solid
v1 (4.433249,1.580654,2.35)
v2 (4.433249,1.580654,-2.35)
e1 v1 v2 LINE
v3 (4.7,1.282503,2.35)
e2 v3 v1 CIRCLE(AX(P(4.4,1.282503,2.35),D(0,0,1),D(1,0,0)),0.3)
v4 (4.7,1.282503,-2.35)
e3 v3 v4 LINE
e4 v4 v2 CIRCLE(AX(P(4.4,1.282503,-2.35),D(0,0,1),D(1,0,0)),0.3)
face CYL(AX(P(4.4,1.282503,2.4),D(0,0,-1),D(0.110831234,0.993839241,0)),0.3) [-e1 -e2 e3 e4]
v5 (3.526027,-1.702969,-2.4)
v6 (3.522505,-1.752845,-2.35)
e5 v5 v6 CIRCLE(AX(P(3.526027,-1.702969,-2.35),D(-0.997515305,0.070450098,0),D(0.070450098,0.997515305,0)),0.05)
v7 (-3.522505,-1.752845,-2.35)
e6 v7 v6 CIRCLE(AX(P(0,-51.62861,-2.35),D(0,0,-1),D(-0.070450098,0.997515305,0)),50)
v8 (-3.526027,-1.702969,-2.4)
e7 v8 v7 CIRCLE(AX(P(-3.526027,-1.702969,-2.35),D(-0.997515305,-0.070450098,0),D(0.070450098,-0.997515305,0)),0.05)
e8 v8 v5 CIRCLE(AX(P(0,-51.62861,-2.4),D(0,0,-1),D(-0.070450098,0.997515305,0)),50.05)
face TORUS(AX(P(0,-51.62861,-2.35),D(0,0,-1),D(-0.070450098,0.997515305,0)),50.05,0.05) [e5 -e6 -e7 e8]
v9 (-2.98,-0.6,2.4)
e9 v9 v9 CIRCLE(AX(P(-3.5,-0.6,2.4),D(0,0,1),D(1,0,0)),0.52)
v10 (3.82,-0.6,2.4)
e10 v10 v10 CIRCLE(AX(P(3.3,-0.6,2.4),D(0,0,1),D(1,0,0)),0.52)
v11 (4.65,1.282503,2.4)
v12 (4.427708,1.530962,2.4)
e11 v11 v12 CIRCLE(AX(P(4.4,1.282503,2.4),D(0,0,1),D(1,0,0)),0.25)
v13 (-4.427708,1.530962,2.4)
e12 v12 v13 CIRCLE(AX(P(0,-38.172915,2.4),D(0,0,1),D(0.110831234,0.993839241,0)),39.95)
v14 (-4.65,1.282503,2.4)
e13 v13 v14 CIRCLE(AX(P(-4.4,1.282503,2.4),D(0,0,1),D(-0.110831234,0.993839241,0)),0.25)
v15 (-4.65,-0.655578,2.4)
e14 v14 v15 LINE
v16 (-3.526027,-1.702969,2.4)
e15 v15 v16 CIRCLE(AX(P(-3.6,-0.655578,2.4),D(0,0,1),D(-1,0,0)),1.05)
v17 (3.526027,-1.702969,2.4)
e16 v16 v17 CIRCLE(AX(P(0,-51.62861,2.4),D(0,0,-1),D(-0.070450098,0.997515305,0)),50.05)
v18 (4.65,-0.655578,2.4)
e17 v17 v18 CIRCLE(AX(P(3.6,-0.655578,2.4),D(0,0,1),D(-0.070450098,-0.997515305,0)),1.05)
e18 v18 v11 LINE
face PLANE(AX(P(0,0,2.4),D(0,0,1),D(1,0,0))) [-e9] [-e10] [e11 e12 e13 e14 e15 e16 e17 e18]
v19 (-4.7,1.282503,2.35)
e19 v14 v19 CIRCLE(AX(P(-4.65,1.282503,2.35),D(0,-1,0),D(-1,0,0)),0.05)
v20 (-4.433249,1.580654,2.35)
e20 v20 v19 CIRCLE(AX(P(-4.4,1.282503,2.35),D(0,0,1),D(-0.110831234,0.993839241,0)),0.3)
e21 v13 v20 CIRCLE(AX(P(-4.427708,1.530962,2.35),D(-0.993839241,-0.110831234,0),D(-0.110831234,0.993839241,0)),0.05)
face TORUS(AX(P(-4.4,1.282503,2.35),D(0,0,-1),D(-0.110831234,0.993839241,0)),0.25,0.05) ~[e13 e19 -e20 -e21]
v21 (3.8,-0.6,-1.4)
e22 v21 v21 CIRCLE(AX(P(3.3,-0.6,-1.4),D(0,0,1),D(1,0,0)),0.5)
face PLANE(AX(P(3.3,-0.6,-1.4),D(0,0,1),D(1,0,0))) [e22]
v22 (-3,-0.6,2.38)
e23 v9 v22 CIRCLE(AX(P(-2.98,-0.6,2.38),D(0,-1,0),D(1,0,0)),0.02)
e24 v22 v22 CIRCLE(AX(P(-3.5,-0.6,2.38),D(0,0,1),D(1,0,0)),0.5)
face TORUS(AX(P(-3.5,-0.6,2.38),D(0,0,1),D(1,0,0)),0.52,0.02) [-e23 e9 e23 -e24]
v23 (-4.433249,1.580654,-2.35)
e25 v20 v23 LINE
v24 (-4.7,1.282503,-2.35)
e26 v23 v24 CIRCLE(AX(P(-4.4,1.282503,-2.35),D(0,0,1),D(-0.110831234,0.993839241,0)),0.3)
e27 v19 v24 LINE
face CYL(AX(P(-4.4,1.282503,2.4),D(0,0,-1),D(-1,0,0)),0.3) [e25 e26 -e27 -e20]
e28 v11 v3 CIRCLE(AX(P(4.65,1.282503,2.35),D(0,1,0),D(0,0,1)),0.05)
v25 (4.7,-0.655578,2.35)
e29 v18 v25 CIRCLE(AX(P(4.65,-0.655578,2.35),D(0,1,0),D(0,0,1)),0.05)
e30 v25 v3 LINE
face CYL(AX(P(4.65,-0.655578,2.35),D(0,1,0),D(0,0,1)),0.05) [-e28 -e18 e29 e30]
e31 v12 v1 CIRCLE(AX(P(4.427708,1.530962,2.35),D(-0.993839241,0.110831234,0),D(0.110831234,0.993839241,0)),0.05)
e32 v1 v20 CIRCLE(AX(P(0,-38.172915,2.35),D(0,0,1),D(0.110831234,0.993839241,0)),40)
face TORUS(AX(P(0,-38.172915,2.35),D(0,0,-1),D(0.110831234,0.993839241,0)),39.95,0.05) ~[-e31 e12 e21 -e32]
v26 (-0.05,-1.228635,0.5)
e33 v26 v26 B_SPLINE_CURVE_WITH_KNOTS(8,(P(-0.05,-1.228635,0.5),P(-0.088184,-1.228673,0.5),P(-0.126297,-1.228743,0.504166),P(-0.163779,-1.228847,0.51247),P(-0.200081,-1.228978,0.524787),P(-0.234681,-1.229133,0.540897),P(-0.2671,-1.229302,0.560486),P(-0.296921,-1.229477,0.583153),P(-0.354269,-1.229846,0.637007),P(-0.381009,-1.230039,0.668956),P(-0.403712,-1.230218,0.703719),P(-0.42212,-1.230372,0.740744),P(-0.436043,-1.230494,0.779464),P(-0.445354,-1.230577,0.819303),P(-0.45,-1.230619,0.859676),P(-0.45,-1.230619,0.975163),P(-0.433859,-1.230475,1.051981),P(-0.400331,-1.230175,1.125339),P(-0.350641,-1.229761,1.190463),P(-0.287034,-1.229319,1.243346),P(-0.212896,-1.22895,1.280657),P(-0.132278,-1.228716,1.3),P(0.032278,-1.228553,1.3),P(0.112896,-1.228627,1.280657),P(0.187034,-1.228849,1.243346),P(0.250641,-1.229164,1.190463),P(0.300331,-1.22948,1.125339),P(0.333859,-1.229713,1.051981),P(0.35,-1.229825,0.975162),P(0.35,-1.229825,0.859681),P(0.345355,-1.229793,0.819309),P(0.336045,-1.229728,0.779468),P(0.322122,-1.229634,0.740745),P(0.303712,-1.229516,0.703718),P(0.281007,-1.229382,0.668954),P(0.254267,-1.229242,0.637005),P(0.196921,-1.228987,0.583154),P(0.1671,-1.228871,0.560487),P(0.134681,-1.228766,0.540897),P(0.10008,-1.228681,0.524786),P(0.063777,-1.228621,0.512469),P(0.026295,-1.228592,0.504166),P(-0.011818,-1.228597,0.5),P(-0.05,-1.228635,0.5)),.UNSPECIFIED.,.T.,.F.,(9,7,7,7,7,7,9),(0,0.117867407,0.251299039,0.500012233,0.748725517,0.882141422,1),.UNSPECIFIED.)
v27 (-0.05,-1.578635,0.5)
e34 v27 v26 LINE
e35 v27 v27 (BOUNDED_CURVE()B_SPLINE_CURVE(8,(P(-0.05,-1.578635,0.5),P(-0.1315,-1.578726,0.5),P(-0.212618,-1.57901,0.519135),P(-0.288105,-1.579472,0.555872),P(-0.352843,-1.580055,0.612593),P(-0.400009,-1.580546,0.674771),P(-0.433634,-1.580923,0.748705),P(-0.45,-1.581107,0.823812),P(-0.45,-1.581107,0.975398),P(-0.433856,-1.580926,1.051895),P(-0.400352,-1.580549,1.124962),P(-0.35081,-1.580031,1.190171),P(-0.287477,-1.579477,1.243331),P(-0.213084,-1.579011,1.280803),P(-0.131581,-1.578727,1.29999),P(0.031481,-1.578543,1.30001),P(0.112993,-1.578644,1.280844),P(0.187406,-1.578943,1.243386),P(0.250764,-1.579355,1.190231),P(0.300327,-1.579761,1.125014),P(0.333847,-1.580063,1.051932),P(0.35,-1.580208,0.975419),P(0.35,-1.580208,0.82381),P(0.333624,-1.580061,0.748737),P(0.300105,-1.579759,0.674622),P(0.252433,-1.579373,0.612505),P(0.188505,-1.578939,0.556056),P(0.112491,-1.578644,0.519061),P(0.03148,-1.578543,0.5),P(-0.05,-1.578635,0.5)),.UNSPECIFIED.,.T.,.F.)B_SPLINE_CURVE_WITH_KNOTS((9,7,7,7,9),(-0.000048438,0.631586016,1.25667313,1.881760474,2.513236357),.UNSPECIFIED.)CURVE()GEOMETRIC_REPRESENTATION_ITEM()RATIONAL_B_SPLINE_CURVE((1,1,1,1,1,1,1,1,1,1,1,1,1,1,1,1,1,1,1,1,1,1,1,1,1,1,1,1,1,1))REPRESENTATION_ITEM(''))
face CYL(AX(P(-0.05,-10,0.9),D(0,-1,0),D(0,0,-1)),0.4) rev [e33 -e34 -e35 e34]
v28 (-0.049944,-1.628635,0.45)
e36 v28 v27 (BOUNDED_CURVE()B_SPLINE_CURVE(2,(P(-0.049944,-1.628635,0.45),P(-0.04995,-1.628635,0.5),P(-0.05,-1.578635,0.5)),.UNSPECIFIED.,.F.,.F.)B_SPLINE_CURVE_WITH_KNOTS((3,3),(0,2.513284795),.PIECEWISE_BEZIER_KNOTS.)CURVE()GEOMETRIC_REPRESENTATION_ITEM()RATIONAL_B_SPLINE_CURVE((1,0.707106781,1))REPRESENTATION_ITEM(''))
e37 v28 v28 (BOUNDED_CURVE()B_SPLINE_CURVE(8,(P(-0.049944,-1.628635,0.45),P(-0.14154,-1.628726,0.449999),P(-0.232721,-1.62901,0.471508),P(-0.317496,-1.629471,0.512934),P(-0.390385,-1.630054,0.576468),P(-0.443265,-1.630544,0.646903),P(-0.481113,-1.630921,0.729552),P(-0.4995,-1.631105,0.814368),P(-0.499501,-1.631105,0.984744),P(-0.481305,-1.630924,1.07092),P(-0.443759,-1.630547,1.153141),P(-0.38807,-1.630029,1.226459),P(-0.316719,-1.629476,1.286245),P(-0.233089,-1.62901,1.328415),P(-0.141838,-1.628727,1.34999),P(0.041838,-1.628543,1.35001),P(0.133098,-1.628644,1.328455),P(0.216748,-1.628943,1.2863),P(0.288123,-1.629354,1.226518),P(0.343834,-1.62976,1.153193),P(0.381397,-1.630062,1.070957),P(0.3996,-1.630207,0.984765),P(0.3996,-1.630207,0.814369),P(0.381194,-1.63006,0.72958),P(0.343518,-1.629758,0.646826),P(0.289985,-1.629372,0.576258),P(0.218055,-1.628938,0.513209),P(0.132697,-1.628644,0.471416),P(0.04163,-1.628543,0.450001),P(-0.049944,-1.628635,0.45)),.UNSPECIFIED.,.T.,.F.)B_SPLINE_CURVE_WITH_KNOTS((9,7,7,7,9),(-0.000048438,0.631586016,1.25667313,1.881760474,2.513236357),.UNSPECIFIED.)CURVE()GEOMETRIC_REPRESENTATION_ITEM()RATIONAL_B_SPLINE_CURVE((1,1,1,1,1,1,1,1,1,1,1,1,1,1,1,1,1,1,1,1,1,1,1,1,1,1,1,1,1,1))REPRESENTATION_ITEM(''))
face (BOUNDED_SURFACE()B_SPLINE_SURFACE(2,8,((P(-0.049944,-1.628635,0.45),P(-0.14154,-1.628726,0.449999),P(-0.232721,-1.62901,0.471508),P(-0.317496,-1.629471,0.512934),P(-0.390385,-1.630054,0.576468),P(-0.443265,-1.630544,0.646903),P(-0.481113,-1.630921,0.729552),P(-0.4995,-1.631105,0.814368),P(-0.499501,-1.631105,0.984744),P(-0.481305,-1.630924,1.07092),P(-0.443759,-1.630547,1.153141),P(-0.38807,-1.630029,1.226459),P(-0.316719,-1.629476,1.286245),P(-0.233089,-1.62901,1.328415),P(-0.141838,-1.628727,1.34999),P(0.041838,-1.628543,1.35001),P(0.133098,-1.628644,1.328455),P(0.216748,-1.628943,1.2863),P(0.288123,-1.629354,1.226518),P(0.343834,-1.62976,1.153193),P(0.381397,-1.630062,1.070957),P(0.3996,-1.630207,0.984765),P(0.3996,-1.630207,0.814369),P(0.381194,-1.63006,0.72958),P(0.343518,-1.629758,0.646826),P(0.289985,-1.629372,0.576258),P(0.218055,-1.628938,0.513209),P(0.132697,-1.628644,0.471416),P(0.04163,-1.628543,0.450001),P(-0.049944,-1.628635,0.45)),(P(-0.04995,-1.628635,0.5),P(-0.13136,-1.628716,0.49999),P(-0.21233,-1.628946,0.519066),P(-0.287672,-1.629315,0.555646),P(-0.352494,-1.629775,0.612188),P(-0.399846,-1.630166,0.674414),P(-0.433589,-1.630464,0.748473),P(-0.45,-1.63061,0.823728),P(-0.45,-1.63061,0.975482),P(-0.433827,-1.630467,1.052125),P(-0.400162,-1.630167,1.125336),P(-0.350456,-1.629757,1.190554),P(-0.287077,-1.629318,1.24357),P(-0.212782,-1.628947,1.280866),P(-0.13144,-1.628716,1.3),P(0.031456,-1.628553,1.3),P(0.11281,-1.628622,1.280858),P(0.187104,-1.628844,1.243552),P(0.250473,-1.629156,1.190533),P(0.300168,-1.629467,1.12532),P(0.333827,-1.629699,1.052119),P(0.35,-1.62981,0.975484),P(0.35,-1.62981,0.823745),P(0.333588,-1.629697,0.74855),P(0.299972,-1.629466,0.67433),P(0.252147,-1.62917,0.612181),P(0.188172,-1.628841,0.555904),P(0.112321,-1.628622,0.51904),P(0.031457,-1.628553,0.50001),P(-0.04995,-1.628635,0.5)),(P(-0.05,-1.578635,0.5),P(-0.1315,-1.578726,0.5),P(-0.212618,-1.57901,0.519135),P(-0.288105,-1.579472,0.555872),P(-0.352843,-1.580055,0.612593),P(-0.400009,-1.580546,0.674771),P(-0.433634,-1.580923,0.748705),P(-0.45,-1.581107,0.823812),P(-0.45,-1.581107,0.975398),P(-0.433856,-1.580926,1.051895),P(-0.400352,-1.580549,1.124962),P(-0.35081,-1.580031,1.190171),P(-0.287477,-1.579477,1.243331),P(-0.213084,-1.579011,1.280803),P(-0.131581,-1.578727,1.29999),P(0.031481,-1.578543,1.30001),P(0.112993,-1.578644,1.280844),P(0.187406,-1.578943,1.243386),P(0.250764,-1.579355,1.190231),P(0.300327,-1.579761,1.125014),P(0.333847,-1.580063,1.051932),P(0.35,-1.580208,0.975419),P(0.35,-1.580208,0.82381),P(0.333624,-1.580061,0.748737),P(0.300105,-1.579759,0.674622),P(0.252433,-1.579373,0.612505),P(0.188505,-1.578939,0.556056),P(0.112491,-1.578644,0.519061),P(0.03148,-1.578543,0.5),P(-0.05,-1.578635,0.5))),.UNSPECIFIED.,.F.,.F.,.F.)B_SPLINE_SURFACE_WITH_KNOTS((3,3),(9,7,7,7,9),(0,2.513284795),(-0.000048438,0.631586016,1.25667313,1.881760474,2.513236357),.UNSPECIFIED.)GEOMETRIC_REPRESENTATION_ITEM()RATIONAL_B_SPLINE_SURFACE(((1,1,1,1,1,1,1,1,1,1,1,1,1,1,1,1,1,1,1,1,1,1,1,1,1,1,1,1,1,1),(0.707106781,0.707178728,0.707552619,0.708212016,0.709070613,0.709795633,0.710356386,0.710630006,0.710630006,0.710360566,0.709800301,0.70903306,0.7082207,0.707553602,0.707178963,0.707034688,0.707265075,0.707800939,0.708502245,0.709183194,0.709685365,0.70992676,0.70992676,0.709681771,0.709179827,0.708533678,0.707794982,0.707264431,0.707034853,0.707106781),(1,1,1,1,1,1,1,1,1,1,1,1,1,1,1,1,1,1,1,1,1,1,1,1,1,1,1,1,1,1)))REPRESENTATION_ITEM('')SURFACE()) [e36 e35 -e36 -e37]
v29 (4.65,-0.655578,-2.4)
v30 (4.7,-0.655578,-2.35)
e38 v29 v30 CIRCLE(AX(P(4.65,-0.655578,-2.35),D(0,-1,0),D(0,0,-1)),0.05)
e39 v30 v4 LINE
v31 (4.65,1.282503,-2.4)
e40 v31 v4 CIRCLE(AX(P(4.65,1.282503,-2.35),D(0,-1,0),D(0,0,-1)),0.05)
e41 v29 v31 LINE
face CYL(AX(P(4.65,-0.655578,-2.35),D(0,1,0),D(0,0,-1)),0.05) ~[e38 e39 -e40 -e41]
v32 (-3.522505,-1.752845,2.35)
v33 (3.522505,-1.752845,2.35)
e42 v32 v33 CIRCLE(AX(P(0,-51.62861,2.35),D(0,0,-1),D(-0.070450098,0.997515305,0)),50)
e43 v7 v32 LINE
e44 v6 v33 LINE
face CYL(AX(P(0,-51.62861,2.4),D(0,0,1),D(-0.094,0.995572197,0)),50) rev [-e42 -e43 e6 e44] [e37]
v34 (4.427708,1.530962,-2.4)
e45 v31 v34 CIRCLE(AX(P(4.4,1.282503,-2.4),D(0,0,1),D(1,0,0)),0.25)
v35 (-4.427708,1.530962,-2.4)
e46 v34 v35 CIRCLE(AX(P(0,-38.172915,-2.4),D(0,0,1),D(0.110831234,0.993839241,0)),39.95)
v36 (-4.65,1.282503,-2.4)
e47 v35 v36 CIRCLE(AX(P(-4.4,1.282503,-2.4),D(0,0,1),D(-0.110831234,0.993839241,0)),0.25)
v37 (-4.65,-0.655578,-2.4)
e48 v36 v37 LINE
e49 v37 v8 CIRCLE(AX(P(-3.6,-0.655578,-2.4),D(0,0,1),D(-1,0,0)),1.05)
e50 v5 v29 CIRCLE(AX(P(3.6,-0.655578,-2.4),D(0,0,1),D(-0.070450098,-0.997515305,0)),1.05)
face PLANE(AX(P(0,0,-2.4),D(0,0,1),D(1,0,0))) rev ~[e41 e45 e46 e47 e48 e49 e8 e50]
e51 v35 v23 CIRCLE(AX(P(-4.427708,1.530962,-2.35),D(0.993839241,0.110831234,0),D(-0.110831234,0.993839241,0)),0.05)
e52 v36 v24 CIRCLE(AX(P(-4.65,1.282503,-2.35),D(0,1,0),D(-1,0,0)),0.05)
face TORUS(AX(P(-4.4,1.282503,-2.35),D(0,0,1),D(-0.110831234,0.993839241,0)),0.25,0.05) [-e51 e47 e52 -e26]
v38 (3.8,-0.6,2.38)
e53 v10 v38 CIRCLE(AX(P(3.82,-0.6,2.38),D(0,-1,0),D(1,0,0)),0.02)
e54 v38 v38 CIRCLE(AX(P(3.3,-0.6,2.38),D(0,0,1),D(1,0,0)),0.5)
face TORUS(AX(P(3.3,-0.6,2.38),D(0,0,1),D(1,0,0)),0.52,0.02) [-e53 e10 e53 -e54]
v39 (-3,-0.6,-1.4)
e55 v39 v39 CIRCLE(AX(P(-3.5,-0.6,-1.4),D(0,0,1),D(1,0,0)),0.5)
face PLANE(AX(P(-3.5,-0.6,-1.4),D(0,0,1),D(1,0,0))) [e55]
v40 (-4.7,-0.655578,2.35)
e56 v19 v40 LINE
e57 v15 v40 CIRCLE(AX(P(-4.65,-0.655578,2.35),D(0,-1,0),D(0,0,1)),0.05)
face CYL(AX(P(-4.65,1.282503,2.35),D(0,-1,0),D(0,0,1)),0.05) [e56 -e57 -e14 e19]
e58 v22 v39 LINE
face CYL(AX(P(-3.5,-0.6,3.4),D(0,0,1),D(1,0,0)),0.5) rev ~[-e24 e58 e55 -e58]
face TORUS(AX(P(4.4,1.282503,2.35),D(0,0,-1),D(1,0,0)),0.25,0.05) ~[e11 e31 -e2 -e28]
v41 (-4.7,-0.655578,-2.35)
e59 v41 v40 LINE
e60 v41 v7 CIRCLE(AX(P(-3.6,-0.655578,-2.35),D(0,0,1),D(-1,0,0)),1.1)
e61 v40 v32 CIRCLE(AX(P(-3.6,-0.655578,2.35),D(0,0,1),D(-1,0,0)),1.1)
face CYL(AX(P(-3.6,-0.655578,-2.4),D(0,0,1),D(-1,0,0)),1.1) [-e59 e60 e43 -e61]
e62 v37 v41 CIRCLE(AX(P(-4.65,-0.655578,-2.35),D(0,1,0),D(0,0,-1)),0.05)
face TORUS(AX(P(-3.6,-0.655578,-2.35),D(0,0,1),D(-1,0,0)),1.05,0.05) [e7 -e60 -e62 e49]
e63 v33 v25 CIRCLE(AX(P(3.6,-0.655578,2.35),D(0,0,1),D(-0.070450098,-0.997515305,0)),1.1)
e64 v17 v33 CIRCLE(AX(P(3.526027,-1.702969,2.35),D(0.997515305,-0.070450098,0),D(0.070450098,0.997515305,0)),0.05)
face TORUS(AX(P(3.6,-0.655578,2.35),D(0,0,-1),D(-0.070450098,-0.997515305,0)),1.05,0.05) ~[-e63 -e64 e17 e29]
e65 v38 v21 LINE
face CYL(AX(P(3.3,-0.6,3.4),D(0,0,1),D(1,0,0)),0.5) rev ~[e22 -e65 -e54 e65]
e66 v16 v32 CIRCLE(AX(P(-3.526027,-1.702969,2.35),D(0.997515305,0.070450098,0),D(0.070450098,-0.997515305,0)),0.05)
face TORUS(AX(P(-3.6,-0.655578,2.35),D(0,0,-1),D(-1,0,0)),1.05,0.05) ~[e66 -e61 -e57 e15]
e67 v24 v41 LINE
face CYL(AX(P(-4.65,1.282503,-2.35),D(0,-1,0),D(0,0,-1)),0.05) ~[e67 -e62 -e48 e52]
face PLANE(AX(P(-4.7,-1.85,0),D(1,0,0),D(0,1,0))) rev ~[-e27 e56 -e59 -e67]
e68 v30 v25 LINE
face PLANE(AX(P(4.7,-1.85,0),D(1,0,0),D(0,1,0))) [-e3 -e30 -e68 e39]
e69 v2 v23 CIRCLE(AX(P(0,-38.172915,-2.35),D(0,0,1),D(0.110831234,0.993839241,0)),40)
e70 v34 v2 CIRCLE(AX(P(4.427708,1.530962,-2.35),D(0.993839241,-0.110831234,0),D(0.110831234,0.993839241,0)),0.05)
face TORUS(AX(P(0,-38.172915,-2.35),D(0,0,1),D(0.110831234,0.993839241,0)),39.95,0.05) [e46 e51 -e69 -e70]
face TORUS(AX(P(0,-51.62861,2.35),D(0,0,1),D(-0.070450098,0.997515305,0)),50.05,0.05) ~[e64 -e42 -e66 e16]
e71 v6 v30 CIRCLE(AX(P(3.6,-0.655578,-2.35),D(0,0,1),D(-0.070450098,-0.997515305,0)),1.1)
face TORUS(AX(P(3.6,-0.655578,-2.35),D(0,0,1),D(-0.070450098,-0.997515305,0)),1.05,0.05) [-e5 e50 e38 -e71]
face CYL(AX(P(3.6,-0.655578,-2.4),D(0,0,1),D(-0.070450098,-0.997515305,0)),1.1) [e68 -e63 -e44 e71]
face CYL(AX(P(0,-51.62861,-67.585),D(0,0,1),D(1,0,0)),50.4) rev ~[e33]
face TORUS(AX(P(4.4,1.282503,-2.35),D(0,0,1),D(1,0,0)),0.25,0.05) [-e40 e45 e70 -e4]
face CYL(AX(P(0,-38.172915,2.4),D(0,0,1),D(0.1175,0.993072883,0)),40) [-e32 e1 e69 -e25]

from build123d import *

# Parameters (mm, degrees)
SKETCH1_W               = 9.4
SKETCH1_H               = 3.7
BOSS_EXTRUDE1_DEPTH     = 2.4
CUT_EXTRUDE1_DEPTH      = 4.8
FILLET1_R               = 1.1
FILLET2_R               = 0.3
FILLET3_R               = 0.05
CUT_EXTRUDE2_START      = 1
SKETCH3_R               = 0.5
CUT_EXTRUDE2_DEPTH      = 4.8
FILLET4_R               = 0.02
CUT_EXTRUDE3_REACH      = 17.585
CUT_EXTRUDE3_END_RADIUS = 50.4
CUT_EXTRUDE3_START      = -10
SKETCH4_R               = 0.4
FILLET5_R               = 0.05


with BuildPart() as part:
    # Sketch1 → Boss-Extrude1 (new, symmetric)
    with BuildSketch(Plane.XY):
        Rectangle(SKETCH1_W, SKETCH1_H)
    extrude(amount=BOSS_EXTRUDE1_DEPTH, both=True)

    # Sketch2 → Cut-Extrude1 (cut)
    with BuildSketch(Plane.XY.offset(2.4)):
        with BuildLine():
            Line((-4.7, 1.55), (-7.120690005, 4.011417256))
            Line((-7.120690005, 4.011417256), (5.535860742, 3.886722174))
            Line((5.535860742, 3.886722174), (4.7, 1.55))
            ThreePointArc((4.7, 1.55), (0, 1.827084699), (-4.7, 1.55))
        make_face()
        with BuildLine():
            Line((4.7, -1.85), (0.350623614, -3.782025322))
            Line((0.350623614, -3.782025322), (-4.7, -1.85))
            ThreePointArc((-4.7, -1.85), (0, -1.628609864), (4.7, -1.85))
        make_face()
    extrude(amount=-CUT_EXTRUDE1_DEPTH, mode=Mode.SUBTRACT)

    # Fillet1
    fillet1_edges = [part.edges().sort_by_distance(p)[0] for p in [
        (4.7, -1.85, 0),
        (-4.7, -1.85, 0),
    ]]
    fillet(fillet1_edges, radius=FILLET1_R)

    # Fillet2
    fillet2_edges = [part.edges().sort_by_distance(p)[0] for p in [
        (4.7, 1.55, 0),
        (-4.7, 1.55, 0),
    ]]
    fillet(fillet2_edges, radius=FILLET2_R)

    # Fillet3
    fillet3_edges = [part.edges().sort_by_distance(p)[0] for p in [
        (4.7, 0.3134624, -2.4),
        (4.7, 0.3134624, 2.4),
        (0, -1.628609864, -2.4),
        (-4.349918456, -1.460327621, -2.4),
        (4.349918456, -1.460327621, -2.4),
        (0, -1.628609864, 2.4),
        (-4.349918456, -1.460327621, 2.4),
        (4.349918456, -1.460327621, 2.4),
        (0, 1.827084699, 2.4),
        (-4.7, 0.3134624, 2.4),
        (-4.623578634, 1.482534062, 2.4),
        (4.623578634, 1.482534062, 2.4),
        (0, 1.827084699, -2.4),
        (-4.7, 0.3134624, -2.4),
        (-4.623578634, 1.482534062, -2.4),
        (4.623578634, 1.482534062, -2.4),
    ]]
    fillet(fillet3_edges, radius=FILLET3_R)

    # Sketch3 → Cut-Extrude2 (cut)
    with BuildSketch(Plane.XY.offset(2.4).offset(CUT_EXTRUDE2_START)):
        with Locations((3.3, -0.6)):
            Circle(SKETCH3_R)
        with Locations((-3.5, -0.6)):
            Circle(SKETCH3_R)
    extrude(amount=-CUT_EXTRUDE2_DEPTH, mode=Mode.SUBTRACT)

    # Fillet4
    fillet4_edges = [part.edges().sort_by_distance(p)[0] for p in [
        (2.8, -0.6, 2.4),
        (-4, -0.6, 2.4),
    ]]
    fillet(fillet4_edges, radius=FILLET4_R)

    # Cut-Extrude3: up to this cylinder (the profile starts inside it)
    cut_extrude3_end = Plane(origin=(0, -51.628609864, 0.9), z_dir=(0, 0, 1)) * Cylinder(CUT_EXTRUDE3_END_RADIUS, 136.97, mode=Mode.PRIVATE)
    # Sketch4 → Cut-Extrude3 (cut, up to the surface)
    with BuildSketch(Plane(origin=(0, 0, 0), x_dir=(1, 0, 0), z_dir=(0, 1, 0)).offset(CUT_EXTRUDE3_START), mode=Mode.PRIVATE) as cut_extrude3_sk1:
        with Locations(Location((-0.05, -0.9, 0), (0, 0, 90))):
            Circle(SKETCH4_R)
    cut_extrude3_tool1 = extrude(cut_extrude3_sk1.sketch, amount=CUT_EXTRUDE3_REACH, mode=Mode.PRIVATE) & cut_extrude3_end
    add(cut_extrude3_tool1.solids().sort_by_distance((-0.05, -10, 0.9))[0], mode=Mode.SUBTRACT)

    # Fillet5
    fillet5_edges = [part.edges().sort_by_distance(p)[0] for p in [
        (-0.050002133, -1.628634866, 1.3),
    ]]
    fillet(fillet5_edges, radius=FILLET5_R)


solid = part.part
